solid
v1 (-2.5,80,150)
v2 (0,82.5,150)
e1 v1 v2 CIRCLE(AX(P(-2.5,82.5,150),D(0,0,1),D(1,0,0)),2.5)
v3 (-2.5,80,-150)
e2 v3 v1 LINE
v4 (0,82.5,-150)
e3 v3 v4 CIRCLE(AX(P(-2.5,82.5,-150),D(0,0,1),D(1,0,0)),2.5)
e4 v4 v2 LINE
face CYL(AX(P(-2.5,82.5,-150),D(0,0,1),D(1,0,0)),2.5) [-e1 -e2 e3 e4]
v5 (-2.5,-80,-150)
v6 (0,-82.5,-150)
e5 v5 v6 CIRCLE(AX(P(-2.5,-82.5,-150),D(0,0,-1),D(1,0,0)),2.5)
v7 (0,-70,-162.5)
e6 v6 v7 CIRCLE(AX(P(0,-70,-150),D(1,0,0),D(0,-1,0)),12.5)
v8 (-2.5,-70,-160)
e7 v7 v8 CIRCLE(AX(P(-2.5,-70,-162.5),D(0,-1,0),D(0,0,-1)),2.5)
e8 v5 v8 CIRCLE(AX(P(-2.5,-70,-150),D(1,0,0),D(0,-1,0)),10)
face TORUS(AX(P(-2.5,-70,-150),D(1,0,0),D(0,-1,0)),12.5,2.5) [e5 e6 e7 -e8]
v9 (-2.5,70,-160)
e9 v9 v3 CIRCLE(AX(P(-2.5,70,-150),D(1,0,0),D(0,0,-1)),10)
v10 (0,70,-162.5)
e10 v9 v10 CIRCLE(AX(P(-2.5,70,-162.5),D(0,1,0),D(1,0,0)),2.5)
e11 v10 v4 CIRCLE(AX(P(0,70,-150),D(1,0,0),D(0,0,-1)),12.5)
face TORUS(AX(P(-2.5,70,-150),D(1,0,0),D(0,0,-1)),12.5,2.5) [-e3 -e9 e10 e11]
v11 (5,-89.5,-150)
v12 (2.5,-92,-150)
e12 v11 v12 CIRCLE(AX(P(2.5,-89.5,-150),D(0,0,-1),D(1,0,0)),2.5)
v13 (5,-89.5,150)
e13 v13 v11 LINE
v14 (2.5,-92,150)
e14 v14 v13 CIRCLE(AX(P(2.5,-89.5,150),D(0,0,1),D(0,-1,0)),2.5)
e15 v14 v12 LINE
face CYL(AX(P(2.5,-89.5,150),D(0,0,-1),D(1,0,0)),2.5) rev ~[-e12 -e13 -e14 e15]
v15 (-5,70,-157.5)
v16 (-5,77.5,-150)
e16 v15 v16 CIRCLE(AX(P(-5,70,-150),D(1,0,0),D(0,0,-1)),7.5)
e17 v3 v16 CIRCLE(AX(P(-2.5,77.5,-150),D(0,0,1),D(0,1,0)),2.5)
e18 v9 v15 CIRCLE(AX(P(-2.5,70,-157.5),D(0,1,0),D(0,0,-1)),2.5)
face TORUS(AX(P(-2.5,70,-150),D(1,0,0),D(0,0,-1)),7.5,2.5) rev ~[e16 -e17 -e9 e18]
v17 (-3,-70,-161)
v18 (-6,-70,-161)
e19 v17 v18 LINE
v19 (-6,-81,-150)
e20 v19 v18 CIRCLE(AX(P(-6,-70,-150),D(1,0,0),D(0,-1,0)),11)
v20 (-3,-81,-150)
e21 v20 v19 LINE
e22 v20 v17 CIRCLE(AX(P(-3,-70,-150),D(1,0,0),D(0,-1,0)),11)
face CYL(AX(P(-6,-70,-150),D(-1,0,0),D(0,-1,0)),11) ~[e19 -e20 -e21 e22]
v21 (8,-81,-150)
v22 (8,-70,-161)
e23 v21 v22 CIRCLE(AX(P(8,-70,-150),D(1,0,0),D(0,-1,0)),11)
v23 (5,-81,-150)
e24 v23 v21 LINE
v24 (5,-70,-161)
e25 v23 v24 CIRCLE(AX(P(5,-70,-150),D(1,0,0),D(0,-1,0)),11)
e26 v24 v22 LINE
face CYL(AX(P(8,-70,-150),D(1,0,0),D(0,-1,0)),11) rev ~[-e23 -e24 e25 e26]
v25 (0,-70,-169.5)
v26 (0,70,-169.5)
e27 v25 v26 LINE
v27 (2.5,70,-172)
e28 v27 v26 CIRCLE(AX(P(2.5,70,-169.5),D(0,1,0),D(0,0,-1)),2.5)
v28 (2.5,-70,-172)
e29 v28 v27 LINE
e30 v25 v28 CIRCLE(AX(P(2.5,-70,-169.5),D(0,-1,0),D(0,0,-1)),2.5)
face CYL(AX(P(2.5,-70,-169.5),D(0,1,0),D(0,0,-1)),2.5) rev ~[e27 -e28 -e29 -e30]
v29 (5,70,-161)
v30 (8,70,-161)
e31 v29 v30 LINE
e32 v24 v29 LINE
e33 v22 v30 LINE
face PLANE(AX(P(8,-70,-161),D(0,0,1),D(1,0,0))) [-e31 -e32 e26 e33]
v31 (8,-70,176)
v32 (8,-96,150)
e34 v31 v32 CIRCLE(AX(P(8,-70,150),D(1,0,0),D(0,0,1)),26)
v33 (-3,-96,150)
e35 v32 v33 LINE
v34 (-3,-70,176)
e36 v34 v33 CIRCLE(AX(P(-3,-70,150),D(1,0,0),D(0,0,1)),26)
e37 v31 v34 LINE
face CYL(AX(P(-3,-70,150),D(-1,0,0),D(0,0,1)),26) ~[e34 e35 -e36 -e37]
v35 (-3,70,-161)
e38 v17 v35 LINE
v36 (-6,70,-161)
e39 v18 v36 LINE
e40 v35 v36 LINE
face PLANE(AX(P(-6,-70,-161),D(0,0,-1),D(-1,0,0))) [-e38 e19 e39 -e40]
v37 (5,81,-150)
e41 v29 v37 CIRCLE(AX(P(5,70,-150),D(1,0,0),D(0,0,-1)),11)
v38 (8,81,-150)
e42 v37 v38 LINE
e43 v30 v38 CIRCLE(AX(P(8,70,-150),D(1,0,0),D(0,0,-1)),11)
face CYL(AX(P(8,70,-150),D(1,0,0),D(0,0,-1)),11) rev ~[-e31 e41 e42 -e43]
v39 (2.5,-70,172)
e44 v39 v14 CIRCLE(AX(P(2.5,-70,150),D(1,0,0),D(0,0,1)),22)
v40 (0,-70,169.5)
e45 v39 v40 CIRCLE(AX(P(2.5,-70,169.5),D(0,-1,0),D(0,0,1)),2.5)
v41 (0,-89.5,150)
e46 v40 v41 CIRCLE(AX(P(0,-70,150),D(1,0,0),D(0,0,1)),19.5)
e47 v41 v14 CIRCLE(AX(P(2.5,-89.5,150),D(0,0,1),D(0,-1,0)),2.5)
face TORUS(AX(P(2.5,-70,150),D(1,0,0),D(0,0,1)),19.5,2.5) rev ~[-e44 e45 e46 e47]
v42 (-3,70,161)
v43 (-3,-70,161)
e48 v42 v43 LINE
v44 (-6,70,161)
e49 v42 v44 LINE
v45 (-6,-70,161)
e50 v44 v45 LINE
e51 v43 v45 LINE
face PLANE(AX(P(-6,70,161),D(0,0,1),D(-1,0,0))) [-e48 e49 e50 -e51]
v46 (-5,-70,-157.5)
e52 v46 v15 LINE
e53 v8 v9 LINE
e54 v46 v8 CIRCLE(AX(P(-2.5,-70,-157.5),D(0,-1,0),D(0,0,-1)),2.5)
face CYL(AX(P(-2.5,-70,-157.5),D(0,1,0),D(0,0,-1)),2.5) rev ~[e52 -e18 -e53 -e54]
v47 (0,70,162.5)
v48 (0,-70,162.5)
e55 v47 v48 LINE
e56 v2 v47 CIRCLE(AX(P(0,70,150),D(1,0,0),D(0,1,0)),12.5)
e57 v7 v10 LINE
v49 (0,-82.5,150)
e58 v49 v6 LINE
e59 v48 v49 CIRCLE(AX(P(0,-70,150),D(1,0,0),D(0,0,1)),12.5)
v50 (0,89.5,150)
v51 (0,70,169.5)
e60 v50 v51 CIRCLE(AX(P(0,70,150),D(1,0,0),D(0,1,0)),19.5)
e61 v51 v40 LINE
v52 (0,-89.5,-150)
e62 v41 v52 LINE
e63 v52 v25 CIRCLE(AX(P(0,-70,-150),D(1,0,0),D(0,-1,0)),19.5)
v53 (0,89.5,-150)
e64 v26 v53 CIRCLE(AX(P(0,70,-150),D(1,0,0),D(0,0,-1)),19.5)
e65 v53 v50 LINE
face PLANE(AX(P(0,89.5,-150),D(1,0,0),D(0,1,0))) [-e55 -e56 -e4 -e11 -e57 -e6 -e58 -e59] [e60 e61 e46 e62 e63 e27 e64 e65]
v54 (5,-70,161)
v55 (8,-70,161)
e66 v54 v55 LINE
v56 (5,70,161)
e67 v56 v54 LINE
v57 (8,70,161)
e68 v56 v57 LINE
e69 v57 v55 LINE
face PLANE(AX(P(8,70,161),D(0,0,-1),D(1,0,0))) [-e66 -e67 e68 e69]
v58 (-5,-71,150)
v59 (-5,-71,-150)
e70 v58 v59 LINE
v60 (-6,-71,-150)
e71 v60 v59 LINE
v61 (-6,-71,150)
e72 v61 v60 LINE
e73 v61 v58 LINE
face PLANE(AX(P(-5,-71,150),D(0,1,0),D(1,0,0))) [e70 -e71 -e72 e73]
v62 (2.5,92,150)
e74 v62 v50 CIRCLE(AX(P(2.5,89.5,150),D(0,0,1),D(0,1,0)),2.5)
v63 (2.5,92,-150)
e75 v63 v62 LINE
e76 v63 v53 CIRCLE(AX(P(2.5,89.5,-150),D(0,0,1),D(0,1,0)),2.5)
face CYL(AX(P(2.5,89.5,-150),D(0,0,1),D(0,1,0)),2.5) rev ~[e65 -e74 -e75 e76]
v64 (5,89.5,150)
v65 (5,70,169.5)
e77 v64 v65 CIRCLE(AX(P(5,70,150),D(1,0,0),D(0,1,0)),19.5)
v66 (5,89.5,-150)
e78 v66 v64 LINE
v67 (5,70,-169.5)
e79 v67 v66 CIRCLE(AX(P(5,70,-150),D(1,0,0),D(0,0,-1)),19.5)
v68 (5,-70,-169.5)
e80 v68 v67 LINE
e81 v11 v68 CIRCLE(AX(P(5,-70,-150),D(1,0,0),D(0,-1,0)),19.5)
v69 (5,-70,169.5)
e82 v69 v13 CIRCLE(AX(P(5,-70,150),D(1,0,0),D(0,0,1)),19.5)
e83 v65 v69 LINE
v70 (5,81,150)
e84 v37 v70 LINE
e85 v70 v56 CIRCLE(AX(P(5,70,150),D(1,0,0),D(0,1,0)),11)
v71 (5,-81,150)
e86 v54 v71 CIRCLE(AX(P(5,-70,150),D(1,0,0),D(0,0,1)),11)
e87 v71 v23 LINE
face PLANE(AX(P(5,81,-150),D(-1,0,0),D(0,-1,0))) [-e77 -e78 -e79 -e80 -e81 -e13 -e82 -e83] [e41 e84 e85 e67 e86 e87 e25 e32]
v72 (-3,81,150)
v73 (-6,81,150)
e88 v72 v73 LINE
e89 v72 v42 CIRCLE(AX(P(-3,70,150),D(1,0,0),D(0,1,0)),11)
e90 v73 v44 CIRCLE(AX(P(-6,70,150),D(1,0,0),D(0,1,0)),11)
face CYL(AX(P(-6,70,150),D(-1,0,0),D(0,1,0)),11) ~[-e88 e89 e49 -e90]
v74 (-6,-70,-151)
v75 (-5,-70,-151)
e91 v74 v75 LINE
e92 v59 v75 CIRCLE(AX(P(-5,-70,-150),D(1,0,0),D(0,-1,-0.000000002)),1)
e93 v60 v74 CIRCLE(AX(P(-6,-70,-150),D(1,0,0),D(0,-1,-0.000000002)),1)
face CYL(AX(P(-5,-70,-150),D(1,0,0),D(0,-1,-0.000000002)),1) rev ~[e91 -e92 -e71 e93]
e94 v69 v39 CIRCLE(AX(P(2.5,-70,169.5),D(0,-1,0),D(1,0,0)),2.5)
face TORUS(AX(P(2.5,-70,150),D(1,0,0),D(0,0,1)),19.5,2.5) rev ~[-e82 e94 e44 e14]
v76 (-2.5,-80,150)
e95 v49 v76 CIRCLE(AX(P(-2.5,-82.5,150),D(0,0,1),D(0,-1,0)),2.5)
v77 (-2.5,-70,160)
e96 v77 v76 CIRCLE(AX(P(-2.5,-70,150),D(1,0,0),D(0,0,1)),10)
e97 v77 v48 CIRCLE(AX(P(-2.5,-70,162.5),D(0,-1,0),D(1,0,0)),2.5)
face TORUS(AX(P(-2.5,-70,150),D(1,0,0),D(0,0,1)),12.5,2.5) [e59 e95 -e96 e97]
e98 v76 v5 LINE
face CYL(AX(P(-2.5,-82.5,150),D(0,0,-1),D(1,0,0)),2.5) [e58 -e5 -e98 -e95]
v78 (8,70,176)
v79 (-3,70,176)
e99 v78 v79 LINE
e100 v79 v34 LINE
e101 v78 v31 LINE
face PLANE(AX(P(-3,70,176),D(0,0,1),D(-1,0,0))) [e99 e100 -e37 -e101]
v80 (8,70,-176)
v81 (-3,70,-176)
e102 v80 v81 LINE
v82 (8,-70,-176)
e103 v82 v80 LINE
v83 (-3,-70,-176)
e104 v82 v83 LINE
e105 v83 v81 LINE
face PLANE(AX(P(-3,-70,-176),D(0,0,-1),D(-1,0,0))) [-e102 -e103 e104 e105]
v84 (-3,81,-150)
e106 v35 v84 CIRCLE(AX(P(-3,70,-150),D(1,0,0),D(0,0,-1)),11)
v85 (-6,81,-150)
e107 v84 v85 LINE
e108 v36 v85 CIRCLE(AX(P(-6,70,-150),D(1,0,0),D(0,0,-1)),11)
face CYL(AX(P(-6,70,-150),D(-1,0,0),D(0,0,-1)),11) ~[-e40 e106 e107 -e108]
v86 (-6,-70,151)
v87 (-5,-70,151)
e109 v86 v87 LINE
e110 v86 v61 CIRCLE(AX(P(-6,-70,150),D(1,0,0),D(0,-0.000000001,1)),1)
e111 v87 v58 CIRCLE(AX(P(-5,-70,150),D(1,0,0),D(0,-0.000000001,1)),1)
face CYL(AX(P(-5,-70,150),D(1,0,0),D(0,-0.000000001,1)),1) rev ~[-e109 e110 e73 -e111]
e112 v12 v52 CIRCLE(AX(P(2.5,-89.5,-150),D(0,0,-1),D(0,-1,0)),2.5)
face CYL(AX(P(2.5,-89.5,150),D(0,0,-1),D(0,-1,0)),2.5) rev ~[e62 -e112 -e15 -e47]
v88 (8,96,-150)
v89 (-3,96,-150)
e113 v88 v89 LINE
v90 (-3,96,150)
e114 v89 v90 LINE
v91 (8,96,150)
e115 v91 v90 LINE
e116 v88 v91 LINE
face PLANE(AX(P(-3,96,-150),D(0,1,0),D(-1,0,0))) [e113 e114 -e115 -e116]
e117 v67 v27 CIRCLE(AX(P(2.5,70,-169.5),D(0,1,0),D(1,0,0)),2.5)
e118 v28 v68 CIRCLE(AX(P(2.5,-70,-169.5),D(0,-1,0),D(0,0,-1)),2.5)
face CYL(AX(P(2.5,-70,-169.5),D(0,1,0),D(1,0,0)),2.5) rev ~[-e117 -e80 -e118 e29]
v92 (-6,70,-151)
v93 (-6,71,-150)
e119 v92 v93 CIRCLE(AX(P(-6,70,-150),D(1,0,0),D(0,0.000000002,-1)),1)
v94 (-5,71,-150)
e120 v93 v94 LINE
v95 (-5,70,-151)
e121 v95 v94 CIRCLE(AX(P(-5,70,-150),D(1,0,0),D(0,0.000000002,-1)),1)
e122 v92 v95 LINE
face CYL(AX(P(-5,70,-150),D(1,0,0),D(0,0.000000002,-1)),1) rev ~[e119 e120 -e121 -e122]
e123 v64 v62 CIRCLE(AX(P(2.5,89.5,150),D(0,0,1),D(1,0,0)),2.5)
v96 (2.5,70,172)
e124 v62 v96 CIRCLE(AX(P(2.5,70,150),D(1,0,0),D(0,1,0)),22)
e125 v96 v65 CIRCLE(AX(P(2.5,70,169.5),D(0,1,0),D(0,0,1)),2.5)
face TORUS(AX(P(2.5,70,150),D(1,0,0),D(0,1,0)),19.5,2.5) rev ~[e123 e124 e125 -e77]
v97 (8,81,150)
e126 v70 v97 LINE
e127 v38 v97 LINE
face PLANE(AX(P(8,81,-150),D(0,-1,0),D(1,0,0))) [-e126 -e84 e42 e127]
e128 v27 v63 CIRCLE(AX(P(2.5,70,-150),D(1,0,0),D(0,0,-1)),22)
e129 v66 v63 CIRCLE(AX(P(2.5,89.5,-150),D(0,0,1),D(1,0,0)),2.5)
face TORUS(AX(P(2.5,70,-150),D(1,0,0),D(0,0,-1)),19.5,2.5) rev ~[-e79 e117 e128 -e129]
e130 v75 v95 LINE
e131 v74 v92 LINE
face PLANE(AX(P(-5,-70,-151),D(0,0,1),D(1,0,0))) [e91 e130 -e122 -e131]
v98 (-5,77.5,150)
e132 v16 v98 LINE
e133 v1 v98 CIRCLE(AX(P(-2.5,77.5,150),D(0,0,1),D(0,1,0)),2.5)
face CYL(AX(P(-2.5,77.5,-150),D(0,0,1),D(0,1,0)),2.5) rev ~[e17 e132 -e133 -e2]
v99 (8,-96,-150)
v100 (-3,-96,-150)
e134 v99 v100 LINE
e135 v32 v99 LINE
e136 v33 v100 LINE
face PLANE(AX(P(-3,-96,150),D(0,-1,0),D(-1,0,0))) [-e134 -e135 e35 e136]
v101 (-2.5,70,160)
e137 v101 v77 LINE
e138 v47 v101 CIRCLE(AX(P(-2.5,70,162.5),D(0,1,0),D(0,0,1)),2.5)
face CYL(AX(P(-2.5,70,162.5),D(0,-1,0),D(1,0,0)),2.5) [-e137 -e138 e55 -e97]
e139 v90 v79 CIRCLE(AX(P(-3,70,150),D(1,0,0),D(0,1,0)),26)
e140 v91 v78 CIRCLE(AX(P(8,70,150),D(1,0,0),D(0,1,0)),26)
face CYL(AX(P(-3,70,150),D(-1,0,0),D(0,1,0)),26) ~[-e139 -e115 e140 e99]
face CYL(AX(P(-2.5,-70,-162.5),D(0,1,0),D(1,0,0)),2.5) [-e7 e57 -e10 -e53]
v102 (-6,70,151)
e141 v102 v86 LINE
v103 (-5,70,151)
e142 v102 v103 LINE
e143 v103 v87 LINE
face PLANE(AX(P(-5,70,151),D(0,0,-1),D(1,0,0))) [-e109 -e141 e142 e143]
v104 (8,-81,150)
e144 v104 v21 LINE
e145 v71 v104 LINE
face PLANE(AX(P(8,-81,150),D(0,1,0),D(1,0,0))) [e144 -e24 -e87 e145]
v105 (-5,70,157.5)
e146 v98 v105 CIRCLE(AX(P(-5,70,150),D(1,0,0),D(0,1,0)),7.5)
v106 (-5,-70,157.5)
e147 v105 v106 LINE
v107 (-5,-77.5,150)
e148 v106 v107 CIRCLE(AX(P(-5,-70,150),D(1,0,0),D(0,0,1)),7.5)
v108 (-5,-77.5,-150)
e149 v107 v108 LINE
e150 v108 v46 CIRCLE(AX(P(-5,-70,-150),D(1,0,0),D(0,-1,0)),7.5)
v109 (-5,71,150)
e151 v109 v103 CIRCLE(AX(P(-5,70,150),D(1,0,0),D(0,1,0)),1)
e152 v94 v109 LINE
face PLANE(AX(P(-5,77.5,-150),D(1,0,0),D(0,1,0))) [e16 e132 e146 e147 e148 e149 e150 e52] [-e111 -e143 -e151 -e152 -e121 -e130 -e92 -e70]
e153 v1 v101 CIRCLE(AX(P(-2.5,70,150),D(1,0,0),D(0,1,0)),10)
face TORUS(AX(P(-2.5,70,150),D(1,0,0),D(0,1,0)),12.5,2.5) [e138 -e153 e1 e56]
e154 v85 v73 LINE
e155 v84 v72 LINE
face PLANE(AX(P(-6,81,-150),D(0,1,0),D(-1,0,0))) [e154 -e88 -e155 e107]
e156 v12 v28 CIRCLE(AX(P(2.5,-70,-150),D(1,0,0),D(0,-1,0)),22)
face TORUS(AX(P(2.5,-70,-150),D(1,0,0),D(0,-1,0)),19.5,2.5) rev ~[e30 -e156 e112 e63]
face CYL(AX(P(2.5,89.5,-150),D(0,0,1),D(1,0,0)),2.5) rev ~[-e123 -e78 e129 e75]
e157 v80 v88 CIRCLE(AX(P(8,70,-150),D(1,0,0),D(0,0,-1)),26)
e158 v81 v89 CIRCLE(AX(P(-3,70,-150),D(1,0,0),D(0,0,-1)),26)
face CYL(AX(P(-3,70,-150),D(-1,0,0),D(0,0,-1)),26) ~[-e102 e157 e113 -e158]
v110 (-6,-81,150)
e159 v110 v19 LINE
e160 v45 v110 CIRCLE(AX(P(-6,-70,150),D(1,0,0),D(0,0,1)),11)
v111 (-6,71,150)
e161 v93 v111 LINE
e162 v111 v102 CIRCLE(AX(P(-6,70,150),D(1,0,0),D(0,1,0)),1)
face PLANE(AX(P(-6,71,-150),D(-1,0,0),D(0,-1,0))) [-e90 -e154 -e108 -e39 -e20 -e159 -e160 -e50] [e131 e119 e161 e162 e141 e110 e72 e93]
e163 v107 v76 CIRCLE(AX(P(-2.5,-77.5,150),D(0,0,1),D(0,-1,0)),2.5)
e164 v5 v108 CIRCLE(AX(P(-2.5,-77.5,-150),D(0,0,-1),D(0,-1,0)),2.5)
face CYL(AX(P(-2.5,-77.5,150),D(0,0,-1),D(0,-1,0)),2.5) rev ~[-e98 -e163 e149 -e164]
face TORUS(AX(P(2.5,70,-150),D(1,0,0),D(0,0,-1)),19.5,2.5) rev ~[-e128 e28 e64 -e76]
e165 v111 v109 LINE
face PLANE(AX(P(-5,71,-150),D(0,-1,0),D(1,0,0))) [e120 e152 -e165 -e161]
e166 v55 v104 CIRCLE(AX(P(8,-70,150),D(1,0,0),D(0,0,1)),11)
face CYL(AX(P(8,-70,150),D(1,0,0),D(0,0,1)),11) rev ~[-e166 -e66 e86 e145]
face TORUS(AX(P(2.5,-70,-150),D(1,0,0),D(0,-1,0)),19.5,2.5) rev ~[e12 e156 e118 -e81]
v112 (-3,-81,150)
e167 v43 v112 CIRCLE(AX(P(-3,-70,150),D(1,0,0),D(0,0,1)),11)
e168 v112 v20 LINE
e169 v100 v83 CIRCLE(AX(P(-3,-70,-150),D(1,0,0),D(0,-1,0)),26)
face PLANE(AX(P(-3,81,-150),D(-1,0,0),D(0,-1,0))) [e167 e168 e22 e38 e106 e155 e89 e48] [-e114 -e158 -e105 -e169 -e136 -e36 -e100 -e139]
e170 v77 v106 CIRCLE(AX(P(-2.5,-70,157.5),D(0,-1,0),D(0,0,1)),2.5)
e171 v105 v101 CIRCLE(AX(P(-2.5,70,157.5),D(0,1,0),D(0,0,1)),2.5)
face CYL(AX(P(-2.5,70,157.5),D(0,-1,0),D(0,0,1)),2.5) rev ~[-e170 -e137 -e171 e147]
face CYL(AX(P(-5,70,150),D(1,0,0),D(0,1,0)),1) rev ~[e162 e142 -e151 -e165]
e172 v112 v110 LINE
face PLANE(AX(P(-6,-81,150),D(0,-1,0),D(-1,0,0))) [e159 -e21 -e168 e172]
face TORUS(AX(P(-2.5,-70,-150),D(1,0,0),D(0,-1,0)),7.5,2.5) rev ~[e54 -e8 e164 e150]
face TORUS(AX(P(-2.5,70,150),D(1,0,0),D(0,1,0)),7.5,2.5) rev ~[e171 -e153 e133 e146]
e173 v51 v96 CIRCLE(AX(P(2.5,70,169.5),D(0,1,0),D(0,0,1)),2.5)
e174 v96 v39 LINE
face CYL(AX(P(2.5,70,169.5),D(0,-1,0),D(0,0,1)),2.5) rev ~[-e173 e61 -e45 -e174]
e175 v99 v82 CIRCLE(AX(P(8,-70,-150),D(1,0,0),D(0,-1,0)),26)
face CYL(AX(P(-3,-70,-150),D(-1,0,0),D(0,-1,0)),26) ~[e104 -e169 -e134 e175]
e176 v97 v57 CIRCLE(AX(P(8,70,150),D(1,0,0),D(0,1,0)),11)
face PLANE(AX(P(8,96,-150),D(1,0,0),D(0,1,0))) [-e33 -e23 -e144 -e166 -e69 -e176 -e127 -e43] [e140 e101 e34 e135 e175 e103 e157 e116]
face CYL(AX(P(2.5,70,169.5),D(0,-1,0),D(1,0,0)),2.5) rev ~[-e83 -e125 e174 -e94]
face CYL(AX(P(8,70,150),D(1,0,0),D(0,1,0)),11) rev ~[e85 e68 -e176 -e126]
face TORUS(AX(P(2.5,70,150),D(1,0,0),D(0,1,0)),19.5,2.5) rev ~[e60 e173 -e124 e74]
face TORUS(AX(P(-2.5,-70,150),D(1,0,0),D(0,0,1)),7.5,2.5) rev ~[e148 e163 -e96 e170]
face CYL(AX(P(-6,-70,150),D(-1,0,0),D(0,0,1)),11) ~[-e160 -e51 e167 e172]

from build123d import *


with BuildPart() as part:
    # Sweep1: sweep along a path in Sketch2
    with BuildLine(Plane(origin=(2.5, 0, 0), x_dir=(0, 0, -1), z_dir=(1, 0, 0))) as sweep1_path:
        Line((150, 92), (-150, 92))
        ThreePointArc((-150, 92), (-165.556349186, 85.556349186), (-172, 70))
        Line((-172, 70), (-172, -70))
        ThreePointArc((-172, -70), (-165.556349186, -85.556349186), (-150, -92))
        Line((-150, -92), (150, -92))
        ThreePointArc((150, -92), (165.556349186, -85.556349186), (172, -70))
        Line((172, -70), (172, 70))
        ThreePointArc((172, 70), (165.556349186, 85.556349186), (150, 92))
    # Sketch1 → Sweep1 (sweep)
    with BuildSketch(Plane.XY):
        with BuildLine():
            Line((5, 81), (5, 89.5))
            ThreePointArc((5, 89.5), (4.267766953, 91.267766953), (2.5, 92))
            ThreePointArc((2.5, 92), (0.732233047, 91.267766953), (0, 89.5))
            Line((0, 89.5), (0, 82.5))
            ThreePointArc((0, 82.5), (-0.732233047, 80.732233047), (-2.5, 80))
            ThreePointArc((-2.5, 80), (-4.267766953, 79.267766953), (-5, 77.5))
            Line((-5, 77.5), (-5, 71))
            Line((-5, 71), (-6, 71))
            Line((-6, 71), (-6, 81))
            Line((-6, 81), (-3, 81))
            Line((-3, 81), (-3, 96))
            Line((-3, 96), (8, 96))
            Line((8, 96), (8, 81))
            Line((8, 81), (5, 81))
        make_face()
    sweep(path=sweep1_path.line)


solid = part.part
